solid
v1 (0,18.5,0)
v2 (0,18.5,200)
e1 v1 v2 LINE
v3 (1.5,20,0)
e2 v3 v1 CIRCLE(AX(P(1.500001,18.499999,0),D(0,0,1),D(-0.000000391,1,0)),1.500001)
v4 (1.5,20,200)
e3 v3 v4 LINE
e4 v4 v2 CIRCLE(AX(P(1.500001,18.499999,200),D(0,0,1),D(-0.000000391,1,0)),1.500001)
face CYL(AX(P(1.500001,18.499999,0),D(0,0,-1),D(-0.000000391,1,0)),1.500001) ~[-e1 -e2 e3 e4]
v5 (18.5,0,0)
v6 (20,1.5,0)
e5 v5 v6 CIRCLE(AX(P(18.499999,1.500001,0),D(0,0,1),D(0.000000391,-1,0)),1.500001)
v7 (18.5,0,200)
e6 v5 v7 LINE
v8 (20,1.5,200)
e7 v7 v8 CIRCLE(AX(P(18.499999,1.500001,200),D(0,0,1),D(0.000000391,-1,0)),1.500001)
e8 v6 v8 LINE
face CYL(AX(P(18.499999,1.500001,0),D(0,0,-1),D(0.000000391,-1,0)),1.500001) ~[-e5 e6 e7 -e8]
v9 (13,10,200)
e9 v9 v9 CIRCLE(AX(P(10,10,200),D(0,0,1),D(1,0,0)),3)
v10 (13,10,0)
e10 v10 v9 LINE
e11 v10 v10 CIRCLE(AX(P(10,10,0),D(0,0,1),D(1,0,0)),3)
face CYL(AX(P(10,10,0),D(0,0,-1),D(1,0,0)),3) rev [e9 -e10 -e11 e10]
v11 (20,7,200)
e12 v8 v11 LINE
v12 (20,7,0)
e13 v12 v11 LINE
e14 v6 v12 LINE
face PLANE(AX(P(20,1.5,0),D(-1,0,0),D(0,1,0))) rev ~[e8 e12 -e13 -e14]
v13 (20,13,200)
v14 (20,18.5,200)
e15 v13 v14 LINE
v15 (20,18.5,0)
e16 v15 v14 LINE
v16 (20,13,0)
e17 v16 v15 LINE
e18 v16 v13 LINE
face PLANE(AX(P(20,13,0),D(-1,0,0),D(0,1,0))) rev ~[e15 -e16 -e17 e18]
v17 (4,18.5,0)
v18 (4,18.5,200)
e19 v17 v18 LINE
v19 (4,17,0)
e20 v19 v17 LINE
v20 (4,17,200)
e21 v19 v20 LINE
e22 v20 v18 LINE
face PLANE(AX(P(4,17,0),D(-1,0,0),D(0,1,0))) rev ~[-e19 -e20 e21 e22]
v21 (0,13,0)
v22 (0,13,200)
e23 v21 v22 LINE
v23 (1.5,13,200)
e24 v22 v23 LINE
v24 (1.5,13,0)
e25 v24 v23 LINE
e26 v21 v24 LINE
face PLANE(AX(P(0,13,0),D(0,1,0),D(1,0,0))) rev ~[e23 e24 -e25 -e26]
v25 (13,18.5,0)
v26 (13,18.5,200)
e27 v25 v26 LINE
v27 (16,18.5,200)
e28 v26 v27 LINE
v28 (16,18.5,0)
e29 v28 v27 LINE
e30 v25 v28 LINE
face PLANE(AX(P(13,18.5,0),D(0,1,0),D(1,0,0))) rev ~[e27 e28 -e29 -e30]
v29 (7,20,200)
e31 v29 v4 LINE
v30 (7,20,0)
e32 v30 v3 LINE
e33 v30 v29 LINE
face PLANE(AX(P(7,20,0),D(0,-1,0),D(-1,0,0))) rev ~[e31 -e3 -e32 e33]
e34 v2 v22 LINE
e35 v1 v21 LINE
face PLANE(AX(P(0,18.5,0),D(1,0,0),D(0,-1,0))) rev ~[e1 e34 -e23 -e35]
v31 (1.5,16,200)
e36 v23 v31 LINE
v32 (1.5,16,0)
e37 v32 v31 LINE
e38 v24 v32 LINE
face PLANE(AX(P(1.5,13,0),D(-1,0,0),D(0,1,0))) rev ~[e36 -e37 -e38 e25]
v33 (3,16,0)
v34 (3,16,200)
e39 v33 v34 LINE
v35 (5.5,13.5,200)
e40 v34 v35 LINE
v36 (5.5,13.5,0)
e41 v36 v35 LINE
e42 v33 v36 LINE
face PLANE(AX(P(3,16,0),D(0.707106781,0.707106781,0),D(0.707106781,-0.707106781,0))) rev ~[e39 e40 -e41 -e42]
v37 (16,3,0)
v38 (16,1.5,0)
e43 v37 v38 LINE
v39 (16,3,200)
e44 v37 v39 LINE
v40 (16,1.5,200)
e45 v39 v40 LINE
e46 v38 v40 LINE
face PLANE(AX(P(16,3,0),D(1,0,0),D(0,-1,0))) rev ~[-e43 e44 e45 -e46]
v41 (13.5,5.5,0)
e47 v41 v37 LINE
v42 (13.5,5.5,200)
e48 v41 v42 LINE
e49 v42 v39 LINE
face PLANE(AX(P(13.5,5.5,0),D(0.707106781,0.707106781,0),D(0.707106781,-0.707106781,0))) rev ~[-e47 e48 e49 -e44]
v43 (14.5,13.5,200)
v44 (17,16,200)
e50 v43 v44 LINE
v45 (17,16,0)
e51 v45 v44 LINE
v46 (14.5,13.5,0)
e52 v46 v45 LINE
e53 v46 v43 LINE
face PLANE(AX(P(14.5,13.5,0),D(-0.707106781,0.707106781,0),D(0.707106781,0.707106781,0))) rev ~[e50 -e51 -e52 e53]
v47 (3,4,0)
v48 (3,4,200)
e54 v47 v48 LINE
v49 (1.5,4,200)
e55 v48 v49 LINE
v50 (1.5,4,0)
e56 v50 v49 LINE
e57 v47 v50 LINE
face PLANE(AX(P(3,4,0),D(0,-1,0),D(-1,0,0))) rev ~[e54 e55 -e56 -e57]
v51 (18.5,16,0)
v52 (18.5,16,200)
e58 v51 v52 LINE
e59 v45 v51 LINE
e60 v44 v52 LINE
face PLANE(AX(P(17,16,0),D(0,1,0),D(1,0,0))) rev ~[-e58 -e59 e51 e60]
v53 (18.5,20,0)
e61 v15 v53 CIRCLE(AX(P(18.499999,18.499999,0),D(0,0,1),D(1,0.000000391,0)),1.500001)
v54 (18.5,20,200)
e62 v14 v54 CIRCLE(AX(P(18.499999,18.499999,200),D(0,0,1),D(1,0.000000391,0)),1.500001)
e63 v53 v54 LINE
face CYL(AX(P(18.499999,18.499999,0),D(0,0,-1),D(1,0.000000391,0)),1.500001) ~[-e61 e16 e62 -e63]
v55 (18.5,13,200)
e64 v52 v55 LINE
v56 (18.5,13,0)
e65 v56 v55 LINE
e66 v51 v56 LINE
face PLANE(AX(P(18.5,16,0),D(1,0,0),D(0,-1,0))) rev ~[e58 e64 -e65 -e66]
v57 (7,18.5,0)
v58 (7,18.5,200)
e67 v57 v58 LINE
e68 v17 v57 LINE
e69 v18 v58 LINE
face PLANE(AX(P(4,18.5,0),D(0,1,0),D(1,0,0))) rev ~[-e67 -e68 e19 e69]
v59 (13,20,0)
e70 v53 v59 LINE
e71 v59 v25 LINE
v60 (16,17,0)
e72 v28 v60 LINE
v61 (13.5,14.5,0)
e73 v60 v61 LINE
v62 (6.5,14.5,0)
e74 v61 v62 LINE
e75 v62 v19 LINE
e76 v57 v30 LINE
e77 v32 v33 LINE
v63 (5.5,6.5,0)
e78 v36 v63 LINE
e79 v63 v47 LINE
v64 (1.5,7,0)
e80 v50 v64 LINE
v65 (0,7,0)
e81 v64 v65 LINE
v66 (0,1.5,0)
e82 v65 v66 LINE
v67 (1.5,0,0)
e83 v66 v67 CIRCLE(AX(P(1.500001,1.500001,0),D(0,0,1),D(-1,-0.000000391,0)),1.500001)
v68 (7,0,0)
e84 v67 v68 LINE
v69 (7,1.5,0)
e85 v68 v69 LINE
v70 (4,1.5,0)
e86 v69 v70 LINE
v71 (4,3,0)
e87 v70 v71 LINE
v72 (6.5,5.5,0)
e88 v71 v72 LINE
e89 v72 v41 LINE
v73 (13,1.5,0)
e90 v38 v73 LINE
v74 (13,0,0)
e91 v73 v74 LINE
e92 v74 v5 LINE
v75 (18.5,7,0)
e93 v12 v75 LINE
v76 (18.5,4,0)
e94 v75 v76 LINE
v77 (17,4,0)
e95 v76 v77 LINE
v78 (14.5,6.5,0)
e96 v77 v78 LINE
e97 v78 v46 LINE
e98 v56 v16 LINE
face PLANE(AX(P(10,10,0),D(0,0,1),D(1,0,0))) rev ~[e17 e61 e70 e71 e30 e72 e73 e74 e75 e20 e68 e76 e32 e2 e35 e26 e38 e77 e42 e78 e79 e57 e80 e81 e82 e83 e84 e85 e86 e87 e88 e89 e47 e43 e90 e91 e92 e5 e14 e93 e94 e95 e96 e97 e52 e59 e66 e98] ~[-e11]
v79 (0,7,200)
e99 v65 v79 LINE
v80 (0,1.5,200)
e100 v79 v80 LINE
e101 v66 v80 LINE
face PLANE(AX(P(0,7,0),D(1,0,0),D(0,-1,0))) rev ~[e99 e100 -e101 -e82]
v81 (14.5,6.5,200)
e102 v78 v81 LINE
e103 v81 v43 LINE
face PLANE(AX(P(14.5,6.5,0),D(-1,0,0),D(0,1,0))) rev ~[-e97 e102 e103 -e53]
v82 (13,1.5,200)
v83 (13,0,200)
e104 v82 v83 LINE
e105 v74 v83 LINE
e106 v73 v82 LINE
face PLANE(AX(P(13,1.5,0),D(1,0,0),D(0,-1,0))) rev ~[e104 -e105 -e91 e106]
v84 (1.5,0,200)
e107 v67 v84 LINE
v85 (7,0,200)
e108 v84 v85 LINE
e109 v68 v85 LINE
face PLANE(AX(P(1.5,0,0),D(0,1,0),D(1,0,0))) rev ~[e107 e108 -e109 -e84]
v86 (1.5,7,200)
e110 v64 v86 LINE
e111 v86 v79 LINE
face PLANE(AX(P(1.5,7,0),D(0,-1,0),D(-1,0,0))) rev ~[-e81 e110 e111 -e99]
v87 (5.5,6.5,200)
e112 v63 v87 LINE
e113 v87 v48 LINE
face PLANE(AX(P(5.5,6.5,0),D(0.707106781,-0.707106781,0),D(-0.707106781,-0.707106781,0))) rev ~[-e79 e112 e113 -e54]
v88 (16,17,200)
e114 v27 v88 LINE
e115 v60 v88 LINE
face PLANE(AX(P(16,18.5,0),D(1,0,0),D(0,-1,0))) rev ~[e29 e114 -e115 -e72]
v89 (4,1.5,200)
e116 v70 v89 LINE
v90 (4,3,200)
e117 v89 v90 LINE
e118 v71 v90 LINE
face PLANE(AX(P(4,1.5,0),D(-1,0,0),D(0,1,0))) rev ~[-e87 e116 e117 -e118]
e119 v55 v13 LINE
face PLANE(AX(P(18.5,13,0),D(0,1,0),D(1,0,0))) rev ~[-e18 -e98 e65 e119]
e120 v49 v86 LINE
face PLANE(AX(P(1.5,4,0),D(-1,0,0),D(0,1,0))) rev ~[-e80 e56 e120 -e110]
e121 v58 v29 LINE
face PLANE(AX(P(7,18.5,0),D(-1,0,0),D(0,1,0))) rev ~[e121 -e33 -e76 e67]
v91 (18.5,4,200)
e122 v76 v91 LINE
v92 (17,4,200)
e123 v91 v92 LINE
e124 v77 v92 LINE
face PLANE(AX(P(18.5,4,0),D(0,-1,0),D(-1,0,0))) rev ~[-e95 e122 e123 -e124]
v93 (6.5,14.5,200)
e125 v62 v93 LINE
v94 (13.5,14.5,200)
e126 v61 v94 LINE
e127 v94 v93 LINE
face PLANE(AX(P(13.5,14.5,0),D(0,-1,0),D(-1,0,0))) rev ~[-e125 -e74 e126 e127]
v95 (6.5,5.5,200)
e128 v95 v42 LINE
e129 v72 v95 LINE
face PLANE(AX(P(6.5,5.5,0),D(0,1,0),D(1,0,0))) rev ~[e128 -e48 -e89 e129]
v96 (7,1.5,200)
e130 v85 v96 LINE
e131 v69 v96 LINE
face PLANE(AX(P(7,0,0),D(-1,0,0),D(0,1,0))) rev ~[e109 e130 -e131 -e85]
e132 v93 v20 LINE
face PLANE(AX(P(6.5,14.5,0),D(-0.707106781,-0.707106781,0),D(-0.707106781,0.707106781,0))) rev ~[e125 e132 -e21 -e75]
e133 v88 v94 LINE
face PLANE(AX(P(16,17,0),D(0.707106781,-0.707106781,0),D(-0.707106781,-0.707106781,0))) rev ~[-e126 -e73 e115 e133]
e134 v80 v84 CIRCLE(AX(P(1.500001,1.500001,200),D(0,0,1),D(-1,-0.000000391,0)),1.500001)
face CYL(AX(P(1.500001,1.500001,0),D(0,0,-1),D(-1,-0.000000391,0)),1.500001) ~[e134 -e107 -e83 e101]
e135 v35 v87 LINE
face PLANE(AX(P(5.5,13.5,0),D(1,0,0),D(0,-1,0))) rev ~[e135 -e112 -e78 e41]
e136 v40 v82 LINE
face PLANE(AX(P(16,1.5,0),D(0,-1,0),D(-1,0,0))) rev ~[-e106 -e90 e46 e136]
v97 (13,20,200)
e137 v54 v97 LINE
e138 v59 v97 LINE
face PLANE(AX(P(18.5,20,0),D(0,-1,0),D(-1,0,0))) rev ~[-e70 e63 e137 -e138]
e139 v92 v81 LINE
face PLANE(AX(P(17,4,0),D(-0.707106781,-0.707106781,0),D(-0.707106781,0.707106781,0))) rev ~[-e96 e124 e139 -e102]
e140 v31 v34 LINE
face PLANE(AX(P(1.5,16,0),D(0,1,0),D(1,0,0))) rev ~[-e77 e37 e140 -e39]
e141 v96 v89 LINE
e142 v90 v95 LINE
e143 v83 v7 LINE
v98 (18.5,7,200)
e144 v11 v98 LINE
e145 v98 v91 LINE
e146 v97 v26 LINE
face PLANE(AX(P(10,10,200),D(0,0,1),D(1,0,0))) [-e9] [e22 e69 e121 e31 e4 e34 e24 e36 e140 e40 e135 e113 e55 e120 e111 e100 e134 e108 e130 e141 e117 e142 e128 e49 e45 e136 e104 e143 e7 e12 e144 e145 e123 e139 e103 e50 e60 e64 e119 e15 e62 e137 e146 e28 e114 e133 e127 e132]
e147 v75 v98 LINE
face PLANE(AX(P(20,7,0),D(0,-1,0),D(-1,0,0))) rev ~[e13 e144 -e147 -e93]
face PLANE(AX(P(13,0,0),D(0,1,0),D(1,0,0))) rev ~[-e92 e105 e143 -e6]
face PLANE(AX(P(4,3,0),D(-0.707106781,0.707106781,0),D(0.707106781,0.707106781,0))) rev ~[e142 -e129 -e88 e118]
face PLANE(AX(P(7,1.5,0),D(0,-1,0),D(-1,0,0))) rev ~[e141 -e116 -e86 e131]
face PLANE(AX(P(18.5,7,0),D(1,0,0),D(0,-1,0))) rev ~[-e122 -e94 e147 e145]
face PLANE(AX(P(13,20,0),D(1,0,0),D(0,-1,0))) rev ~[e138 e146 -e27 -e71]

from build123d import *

# Parameters (mm, degrees)
F0_R     = 3
F1_DEPTH = 200


with BuildPart() as f1:
    # F0 (on Top) → F1 (new body)
    with BuildSketch(Plane.XY):
        with BuildLine():
            ThreePointArc((0, 1.5), (0.43934, 0.43934), (1.5, 0))
            Line((1.5, 0), (7, 0))
            Line((7, 0), (7, 1.5))
            Line((7, 1.5), (4, 1.5))
            Line((4, 1.5), (4, 3))
            Line((4, 3), (6.5, 5.5))
            Line((6.5, 5.5), (10, 5.5))
            Line((10, 5.5), (13.5, 5.5))
            Line((13.5, 5.5), (16, 3))
            Line((16, 3), (16, 1.5))
            Line((16, 1.5), (13, 1.5))
            Line((13, 1.5), (13, 0))
            Line((13, 0), (18.5, 0))
            ThreePointArc((18.5, 0), (19.56066, 0.43934), (20, 1.5))
            Line((20, 1.5), (20, 7))
            Line((20, 7), (18.5, 7))
            Line((18.5, 7), (18.5, 4))
            Line((18.5, 4), (17, 4))
            Line((17, 4), (14.5, 6.5))
            Line((14.5, 6.5), (14.5, 10))
            Line((14.5, 10), (14.5, 13.5))
            Line((14.5, 13.5), (17, 16))
            Line((17, 16), (18.5, 16))
            Line((18.5, 16), (18.5, 13))
            Line((18.5, 13), (20, 13))
            Line((20, 13), (20, 18.5))
            ThreePointArc((20, 18.5), (19.56066, 19.56066), (18.5, 20))
            Line((18.5, 20), (13, 20))
            Line((13, 20), (13, 18.5))
            Line((13, 18.5), (16, 18.5))
            Line((16, 18.5), (16, 17))
            Line((16, 17), (13.5, 14.5))
            Line((13.5, 14.5), (10, 14.5))
            Line((10, 14.5), (6.5, 14.5))
            Line((6.5, 14.5), (4, 17))
            Line((4, 17), (4, 18.5))
            Line((4, 18.5), (7, 18.5))
            Line((7, 18.5), (7, 20))
            Line((7, 20), (1.5, 20))
            ThreePointArc((1.5, 20), (0.43934, 19.56066), (0, 18.5))
            Line((0, 18.5), (0, 13))
            Line((0, 13), (1.5, 13))
            Line((1.5, 13), (1.5, 16))
            Line((1.5, 16), (3, 16))
            Line((3, 16), (5.5, 13.5))
            Line((5.5, 13.5), (5.5, 10))
            Line((5.5, 10), (5.5, 6.5))
            Line((5.5, 6.5), (3, 4))
            Line((3, 4), (1.5, 4))
            Line((1.5, 4), (1.5, 7))
            Line((1.5, 7), (0, 7))
            Line((0, 7), (0, 1.5))
        make_face()
        with Locations((10, 10)):
            Circle(F0_R, mode=Mode.SUBTRACT)
    extrude(amount=F1_DEPTH)


solid = f1.part
